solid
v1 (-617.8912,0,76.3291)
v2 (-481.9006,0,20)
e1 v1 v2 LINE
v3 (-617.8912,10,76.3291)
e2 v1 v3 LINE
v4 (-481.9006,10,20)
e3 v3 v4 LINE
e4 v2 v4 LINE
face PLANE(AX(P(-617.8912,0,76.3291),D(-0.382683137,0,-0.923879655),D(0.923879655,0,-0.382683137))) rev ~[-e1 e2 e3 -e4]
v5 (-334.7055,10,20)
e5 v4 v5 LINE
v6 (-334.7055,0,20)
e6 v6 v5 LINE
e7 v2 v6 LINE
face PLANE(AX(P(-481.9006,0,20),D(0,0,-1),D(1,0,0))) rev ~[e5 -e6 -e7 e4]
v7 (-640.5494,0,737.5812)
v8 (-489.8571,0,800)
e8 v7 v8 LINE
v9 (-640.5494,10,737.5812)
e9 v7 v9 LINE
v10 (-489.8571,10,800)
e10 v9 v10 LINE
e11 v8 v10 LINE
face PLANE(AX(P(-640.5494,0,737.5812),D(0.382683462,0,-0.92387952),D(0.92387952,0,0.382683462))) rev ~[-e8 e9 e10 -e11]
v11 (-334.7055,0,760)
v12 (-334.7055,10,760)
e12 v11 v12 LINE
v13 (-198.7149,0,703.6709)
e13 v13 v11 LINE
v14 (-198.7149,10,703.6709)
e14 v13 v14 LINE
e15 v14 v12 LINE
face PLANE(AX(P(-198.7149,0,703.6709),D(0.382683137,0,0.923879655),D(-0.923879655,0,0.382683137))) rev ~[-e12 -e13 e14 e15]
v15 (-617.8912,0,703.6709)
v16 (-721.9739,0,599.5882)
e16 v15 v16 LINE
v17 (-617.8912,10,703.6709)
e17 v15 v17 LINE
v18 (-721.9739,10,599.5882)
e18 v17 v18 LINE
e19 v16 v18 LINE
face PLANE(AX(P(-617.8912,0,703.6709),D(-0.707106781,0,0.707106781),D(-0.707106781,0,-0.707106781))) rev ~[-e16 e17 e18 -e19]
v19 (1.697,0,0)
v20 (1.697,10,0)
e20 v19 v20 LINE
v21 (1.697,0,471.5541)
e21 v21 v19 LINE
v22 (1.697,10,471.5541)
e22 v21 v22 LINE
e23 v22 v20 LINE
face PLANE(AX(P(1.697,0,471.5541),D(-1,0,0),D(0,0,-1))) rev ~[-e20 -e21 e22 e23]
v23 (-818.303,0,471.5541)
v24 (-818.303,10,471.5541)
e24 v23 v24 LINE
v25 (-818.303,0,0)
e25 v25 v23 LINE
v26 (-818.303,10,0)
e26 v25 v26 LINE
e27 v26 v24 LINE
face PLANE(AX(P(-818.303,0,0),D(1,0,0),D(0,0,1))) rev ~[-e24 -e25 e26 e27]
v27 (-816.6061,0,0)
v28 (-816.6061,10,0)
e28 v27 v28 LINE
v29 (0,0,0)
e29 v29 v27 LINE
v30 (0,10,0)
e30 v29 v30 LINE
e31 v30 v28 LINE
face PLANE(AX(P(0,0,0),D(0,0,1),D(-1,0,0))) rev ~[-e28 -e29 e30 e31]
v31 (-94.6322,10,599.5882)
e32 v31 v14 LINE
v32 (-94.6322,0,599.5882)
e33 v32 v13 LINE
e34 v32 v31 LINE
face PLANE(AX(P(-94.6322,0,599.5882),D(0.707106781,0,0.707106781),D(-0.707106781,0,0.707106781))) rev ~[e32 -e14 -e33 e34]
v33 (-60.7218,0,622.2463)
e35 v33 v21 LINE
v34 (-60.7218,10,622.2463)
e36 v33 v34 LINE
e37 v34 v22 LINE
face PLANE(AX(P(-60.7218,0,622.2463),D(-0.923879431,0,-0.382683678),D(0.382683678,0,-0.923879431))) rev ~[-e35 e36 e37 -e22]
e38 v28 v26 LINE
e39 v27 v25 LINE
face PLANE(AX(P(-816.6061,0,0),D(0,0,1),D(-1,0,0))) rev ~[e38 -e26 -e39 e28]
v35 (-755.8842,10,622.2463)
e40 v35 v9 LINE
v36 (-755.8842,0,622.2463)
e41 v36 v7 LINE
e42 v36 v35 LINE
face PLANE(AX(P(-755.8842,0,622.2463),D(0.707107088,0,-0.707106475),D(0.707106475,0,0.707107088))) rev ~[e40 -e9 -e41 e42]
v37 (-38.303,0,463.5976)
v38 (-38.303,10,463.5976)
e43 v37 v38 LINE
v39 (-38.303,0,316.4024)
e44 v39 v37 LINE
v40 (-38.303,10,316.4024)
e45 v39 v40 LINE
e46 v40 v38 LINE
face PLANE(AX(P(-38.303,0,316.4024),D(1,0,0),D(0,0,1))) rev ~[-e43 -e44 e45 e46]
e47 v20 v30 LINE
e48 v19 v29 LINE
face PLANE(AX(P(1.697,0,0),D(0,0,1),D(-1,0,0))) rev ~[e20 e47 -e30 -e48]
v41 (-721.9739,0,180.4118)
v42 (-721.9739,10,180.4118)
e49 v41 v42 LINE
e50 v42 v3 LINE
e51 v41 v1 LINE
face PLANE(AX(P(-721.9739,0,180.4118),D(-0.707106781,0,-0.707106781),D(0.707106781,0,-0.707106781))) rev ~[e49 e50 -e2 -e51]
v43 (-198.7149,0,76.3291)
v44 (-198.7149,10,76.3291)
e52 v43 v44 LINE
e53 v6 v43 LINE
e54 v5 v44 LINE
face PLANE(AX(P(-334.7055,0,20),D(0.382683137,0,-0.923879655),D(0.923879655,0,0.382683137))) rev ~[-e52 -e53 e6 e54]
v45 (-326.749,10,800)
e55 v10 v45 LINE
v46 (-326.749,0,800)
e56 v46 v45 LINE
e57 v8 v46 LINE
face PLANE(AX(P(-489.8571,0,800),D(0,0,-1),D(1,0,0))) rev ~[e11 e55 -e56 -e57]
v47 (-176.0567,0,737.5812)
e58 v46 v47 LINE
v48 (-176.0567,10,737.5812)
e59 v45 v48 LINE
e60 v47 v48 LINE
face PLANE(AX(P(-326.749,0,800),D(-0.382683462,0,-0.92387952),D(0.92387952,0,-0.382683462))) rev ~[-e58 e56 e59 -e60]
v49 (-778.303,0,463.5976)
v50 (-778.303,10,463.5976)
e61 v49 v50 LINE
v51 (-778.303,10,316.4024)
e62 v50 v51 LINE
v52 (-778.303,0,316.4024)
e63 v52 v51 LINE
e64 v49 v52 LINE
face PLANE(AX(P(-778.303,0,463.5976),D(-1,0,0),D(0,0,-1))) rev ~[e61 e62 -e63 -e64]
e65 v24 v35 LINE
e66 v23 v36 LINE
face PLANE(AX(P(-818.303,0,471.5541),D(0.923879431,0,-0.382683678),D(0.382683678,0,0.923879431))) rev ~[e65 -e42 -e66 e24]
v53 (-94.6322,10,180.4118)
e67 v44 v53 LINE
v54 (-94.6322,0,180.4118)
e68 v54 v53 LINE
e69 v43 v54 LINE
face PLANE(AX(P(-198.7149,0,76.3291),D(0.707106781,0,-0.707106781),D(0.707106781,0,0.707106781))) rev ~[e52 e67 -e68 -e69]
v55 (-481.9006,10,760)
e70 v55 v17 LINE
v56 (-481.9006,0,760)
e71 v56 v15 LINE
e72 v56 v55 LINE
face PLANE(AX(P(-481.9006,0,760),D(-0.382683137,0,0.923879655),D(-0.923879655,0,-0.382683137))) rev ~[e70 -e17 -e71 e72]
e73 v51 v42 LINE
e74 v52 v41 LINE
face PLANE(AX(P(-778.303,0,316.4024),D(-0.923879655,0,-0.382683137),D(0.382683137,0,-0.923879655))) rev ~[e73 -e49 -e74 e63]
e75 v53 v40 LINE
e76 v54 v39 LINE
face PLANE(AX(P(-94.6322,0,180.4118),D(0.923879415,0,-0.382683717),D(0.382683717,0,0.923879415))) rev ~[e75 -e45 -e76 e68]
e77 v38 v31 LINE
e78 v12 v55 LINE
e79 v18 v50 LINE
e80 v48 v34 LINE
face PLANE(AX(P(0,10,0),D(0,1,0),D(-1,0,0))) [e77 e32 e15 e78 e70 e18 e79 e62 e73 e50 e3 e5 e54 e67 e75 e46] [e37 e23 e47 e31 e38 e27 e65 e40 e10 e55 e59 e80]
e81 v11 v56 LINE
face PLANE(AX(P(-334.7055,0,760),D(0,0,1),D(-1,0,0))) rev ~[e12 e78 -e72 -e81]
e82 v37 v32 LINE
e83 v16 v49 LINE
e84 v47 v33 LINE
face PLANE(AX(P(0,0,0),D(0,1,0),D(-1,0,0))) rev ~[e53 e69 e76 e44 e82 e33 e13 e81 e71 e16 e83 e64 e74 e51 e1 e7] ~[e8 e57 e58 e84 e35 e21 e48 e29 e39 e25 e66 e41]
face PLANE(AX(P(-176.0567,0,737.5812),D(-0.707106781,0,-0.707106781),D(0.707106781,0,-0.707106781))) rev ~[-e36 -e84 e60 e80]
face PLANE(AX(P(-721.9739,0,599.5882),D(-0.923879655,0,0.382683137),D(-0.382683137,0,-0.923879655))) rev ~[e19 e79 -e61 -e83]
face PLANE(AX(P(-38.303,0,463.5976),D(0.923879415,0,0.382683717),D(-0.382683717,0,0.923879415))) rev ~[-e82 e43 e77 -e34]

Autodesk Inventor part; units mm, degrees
ref_plane "YZ Plane" through (0, 0, 0) normal (1, 0, 0) x (0, 1, 0)
ref_plane "XZ Plane" through (0, 0, 0) normal (0, 1, 0) x (-1, 0, 0)
ref_plane "XY Plane" through (0, 0, 0) normal (0, 0, 1) x (1, 0, 0)
sketch "Skizze2" plane through (0, 0, 0) normal (0, 1, 0) x (-1, 0, 0)
  line L0 (326.749, 800) -> (176.0567, 737.5812)
  line L1 (176.0567, 737.5812) -> (60.7218, 622.2463)
  line L2 (60.7218, 622.2463) -> (-1.697, 471.5541)
  line L3 (-1.697, 471.5541) -> (-1.697, 0)
  line L4 (-1.697, 0) -> (0, 0)
  line L5 (0, 0) -> (816.6061, 0)
  line L6 (816.6061, 0) -> (818.303, 0)
  line L7 (818.303, 0) -> (818.303, 471.5541)
  line L8 (818.303, 471.5541) -> (755.8842, 622.2463)
  line L9 (755.8842, 622.2463) -> (640.5494, 737.5812)
  line L10 (640.5494, 737.5812) -> (489.8571, 800)
  line L11 (489.8571, 800) -> (326.749, 800)
  line L12 (617.8912, 76.3291) -> (481.9006, 20)
  line L13 (481.9006, 20) -> (334.7055, 20)
  line L14 (334.7055, 20) -> (198.7149, 76.3291)
  line L15 (198.7149, 76.3291) -> (94.6322, 180.4118)
  line L16 (94.6322, 180.4118) -> (38.303, 316.4024)
  line L17 (38.303, 316.4024) -> (38.303, 463.5976)
  line L18 (38.303, 463.5976) -> (94.6322, 599.5882)
  line L19 (94.6322, 599.5882) -> (198.7149, 703.6709)
  line L20 (198.7149, 703.6709) -> (334.7055, 760)
  line L21 (334.7055, 760) -> (481.9006, 760)
  line L22 (481.9006, 760) -> (617.8912, 703.6709)
  line L23 (617.8912, 703.6709) -> (721.9739, 599.5882)
  line L24 (721.9739, 599.5882) -> (778.303, 463.5976)
  line L25 (778.303, 463.5976) -> (778.303, 316.4024)
  line L26 (778.303, 316.4024) -> (721.9739, 180.4118)
  line L27 (721.9739, 180.4118) -> (617.8912, 76.3291)
  point P0 (481.9006, 20)
  dimension "d89" = 157.5
  dimension "d90" = 22.5
  dimension "d91" = 135
  dimension "d92" = 90
  dimension "d93" = 90
  dimension "d94" = 40
  dimension "d95" = 780
  dimension "d96" = 820
  dimension "d97" = 800
  dimension "d98" = 760
  dimension "d99" = 20
  dimension "d100" = 40
  dimension "d101" = 780
  dimension "d102" = 740
  dimension "d103" = 780
  dimension "d104" = 40
  dimension "d105" = 780
  dimension "d106" = 740
  dimension "d107" = 780
  dimension "d108" = 40
  dimension "d109" = 780
  dimension "d110" = 740
  dimension "d111" = 780
  dimension "d112" = 818.303
  dimension "d113" = 0
  dimension "d114" = 936.4693
  dimension "d115" = 597.9763
  dimension "d116" = 974.4855
  dimension "d117" = 382.9422
  dimension "d118" = 926.5638
  dimension "d119" = 165.9378
  dimension "d120" = 0
  dimension "d121" = 0
  dimension "d122" = 0
  dimension "d123" = 471.5541
  dimension "d124" = 0
  dimension "d125" = 0
  dimension "d126" = 1.697
  dimension "d127" = 1.697
  dimension "d128" = 40
  dimension "d129" = 463.5976
  dimension "d130" = 40
  dimension "d131" = 316.4024
  dimension "d132" = 62.4188
  dimension "d133" = 62.4188
  dimension "d134" = 96.3291
  dimension "d135" = 96.3291
  dimension "d136" = 96.3291
  dimension "d137" = 96.3291
  dimension "d138" = 177.7537
  dimension "d139" = 177.7537
  dimension "d140" = 200.4118
  dimension "d141" = 200.4118
  dimension "d142" = 200.4118
  dimension "d143" = 200.4118
  dimension "d144" = 328.4459
  dimension "d145" = 328.4459
  dimension "d146" = 336.4024
  dimension "d147" = 336.4024
  dimension "d148" = 336.4024
  dimension "d149" = 336.4024
  dimension "d150" = 483.5976
  dimension "d151" = 483.5976
  dimension "d152" = 483.5976
extrude "Extrusion1" add sketch "Skizze2" along normal blind 10
properties part number "Hauptplatte"
